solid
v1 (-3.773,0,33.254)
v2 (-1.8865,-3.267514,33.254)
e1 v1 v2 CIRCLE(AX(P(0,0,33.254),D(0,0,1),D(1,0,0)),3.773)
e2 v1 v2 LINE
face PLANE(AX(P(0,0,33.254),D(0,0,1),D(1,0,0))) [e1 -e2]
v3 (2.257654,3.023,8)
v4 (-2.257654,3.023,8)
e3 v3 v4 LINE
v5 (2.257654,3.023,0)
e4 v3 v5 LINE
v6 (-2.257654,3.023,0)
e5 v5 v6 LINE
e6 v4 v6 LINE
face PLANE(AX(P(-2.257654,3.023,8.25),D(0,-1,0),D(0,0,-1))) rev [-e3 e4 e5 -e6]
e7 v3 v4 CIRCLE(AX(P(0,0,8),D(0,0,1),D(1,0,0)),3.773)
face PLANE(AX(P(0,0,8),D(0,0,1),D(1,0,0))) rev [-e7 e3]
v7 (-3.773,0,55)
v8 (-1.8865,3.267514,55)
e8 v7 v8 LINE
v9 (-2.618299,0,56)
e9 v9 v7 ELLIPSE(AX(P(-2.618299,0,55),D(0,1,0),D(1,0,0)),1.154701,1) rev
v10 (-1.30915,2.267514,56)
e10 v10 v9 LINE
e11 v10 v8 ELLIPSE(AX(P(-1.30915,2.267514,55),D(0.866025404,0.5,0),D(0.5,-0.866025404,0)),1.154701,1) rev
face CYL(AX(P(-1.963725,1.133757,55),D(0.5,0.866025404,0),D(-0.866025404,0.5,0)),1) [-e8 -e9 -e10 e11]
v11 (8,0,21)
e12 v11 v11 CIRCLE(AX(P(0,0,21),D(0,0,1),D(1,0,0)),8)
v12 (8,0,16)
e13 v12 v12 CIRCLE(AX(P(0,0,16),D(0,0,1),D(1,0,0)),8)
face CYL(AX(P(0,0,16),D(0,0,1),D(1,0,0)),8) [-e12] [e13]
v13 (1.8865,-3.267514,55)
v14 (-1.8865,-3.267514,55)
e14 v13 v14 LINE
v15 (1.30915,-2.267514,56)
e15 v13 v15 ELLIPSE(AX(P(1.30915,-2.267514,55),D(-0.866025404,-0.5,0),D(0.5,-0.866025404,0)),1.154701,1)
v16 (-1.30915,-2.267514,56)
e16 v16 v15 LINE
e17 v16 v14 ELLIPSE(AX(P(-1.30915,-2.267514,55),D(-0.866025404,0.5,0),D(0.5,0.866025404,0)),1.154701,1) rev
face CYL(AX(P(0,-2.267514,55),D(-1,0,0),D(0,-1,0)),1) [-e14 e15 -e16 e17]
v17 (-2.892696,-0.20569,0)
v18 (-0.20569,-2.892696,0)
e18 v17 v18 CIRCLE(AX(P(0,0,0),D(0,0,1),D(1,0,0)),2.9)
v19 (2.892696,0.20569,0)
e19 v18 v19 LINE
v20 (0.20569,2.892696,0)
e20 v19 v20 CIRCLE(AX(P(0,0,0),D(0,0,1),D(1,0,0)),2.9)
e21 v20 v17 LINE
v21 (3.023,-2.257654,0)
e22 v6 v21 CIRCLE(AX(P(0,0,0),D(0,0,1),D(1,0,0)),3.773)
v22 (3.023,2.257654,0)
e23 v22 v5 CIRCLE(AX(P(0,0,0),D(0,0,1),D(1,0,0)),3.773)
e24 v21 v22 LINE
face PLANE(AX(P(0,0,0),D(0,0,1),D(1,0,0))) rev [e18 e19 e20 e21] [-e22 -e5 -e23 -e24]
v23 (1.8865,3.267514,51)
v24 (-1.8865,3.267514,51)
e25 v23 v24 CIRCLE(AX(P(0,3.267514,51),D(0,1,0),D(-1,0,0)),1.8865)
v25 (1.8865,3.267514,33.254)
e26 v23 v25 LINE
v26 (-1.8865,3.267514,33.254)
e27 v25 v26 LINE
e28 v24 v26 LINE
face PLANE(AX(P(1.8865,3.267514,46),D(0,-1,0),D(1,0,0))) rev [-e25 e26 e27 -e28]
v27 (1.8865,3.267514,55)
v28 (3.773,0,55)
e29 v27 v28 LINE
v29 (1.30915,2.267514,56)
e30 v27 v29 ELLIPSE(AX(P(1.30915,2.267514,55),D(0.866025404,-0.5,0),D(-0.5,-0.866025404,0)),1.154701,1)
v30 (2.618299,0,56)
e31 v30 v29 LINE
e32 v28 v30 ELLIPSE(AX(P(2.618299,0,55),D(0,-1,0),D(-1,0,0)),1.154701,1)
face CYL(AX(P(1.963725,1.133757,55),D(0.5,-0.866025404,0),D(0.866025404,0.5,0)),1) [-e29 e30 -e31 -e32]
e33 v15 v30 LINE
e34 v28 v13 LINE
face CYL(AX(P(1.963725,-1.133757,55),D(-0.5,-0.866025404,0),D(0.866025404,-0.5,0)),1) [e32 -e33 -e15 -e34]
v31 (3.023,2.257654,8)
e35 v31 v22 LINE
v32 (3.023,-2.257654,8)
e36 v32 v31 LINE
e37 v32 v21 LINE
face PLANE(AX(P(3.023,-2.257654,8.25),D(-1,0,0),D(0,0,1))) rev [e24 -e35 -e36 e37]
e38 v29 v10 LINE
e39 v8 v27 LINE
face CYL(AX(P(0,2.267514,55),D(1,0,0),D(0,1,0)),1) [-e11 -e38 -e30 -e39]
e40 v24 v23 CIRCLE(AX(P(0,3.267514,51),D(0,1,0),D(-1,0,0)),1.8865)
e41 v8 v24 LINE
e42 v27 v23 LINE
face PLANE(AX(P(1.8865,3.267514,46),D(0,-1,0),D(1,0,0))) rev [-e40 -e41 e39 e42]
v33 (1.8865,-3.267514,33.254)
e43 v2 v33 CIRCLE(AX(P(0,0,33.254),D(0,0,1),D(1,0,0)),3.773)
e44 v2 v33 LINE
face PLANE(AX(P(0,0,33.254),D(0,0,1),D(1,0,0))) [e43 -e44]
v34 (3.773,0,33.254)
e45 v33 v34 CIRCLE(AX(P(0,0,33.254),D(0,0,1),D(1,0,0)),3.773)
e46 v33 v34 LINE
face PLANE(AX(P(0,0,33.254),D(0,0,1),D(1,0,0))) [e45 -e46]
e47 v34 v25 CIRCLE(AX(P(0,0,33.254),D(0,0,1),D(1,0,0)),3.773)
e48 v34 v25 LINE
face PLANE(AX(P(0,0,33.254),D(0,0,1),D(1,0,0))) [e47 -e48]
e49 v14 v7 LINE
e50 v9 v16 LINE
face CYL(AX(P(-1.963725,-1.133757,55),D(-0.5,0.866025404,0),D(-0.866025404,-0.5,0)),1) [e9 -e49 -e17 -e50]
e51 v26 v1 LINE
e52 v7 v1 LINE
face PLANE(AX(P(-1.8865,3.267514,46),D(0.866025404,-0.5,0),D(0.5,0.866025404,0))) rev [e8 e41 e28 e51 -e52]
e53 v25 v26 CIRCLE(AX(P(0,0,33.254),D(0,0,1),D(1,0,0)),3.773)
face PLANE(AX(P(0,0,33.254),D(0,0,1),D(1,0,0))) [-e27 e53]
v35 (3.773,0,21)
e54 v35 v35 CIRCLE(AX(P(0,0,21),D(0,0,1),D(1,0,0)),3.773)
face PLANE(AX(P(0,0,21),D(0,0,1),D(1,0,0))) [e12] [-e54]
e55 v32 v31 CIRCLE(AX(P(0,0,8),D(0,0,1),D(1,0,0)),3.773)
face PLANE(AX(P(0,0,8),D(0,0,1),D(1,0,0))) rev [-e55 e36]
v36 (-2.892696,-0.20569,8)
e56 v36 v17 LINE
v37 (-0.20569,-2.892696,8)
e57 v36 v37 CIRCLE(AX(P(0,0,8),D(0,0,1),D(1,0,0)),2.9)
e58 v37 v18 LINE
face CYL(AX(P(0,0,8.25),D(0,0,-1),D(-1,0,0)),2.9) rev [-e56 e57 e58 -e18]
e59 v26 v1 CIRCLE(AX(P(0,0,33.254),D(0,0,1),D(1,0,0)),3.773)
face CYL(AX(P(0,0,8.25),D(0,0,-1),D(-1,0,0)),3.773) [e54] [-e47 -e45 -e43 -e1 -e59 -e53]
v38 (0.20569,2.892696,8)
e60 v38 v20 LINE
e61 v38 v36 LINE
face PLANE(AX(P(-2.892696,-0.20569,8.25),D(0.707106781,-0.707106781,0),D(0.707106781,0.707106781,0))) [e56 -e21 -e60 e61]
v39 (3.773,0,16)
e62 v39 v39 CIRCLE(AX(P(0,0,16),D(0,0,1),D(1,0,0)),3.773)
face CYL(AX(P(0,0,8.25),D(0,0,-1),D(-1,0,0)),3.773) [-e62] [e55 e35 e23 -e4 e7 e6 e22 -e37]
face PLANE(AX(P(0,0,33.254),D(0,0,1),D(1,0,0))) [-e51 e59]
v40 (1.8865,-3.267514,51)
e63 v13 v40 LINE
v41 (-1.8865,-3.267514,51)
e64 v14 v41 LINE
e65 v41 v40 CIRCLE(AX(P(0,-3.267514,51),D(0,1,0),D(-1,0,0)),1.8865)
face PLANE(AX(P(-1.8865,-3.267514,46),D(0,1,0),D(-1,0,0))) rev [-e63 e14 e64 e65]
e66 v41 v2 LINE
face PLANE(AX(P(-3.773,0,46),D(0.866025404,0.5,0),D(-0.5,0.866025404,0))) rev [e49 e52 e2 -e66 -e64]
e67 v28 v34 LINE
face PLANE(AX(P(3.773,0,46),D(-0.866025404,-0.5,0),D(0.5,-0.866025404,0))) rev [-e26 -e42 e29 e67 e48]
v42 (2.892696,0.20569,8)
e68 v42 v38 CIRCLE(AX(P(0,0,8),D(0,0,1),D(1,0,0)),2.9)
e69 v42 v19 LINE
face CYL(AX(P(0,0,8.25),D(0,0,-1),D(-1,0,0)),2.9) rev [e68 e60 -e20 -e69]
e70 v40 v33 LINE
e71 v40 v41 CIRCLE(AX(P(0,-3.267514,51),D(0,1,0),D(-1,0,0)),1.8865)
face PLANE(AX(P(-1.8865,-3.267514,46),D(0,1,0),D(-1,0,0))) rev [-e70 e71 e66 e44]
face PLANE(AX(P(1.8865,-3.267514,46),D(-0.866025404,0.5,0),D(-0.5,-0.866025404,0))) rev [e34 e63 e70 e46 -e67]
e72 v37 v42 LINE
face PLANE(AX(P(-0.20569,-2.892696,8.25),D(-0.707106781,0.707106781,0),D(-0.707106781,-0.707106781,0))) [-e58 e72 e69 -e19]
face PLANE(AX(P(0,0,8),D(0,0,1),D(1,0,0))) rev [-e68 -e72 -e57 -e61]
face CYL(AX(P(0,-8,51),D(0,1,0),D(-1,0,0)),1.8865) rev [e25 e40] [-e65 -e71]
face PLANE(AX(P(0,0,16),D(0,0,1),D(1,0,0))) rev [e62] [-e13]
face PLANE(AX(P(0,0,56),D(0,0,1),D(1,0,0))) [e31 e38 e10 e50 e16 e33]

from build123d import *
from build123d.topology import SkipClean

# Parameters (mm, degrees)
BOSS_EXTRUDE1_DEPTH = 8.25
BOSS_EXTRUDE2_DEPTH = 7.75
BOSS_EXTRUDE3_START = -8
SKETCH3_R           = 3.773
BOSS_EXTRUDE3_DEPTH = 8
BOSS_EXTRUDE4_DEPTH = 30
SKETCH6_R           = 3.773
BOSS_EXTRUDE5_DEPTH = 10
SKETCH7_R           = 3.773
BOSS_EXTRUDE6_DEPTH = 7.254
BOSS_EXTRUDE7_DEPTH = 10
SKETCH9_R           = 8
BOSS_EXTRUDE8_DEPTH = 5
SKETCH10_R          = 1.8865
CUT_EXTRUDE1_DEPTH  = 58.679779
FILLET1_R           = 1


with BuildPart() as part:
    # Sketch1 → Boss-Extrude1 (new body)
    with BuildSketch(Plane.XY):
        with BuildLine():
            Line((-2.257654, 3.023), (2.257654, 3.023))
            ThreePointArc((2.257654, 3.023), (2.667914, 2.667914), (3.023, 2.257654))
            Line((3.023, 2.257654), (3.023, -2.257654))
            ThreePointArc((3.023, -2.257654), (-2.667914, -2.667914), (-2.257654, 3.023))
        make_face()
        with BuildLine():
            Line((-2.892696, -0.20569), (0.20569, 2.892696))
            ThreePointArc((0.20569, 2.892696), (2.05061, 2.05061), (2.892696, 0.20569))
            Line((2.892696, 0.20569), (-0.20569, -2.892696))
            ThreePointArc((-0.20569, -2.892696), (-2.05061, -2.05061), (-2.892696, -0.20569))
        make_face(mode=Mode.SUBTRACT)
    extrude(amount=BOSS_EXTRUDE1_DEPTH)

    # Sketch2 → Boss-Extrude2 (add)
    with SkipClean():  # the faces are left unmerged after this step: merging them gives an invalid solid
        with BuildSketch(Plane.XY.offset(8.25)):
            with BuildLine():
                Line((2.257654, 3.023), (-2.257654, 3.023))
                ThreePointArc((-2.257654, 3.023), (-2.667914, -2.667914), (3.023, -2.257654))
                Line((3.023, -2.257654), (3.023, 2.257654))
                ThreePointArc((3.023, 2.257654), (2.667914, 2.667914), (2.257654, 3.023))
            make_face()
        extrude(amount=BOSS_EXTRUDE2_DEPTH)

    # Sketch3 → Boss-Extrude3 (add)
    with BuildSketch(Plane.XY.offset(16).offset(BOSS_EXTRUDE3_START)):
        with Locations(Location((0, 0, 0), (0, 0, 126.753315))):
            Circle(SKETCH3_R)
    extrude(amount=BOSS_EXTRUDE3_DEPTH)

    # Sketch5 → Boss-Extrude4 (add)
    with BuildSketch(Plane.XY.offset(16)):
        Polygon((1.8865, 3.267514), (-1.8865, 3.267514), (-3.773, 0), (-1.8865, -3.267514), (1.8865, -3.267514), (3.773, 0), align=None)
    extrude(amount=BOSS_EXTRUDE4_DEPTH)

    # Sketch6 → Boss-Extrude5 (add)
    with BuildSketch(Plane.XY.offset(16)):
        with Locations(Location((0, 0, 0), (0, 0, 180))):
            Circle(SKETCH6_R)
    extrude(amount=BOSS_EXTRUDE5_DEPTH)

    # Sketch7 → Boss-Extrude6 (add)
    with BuildSketch(Plane.XY.offset(26)):
        with Locations(Location((0, 0, 0), (0, 0, 180))):
            Circle(SKETCH7_R)
    extrude(amount=BOSS_EXTRUDE6_DEPTH)

    # Sketch8 → Boss-Extrude7 (add)
    with BuildSketch(Plane.XY.offset(46)):
        Polygon((3.773, 0), (1.8865, 3.267514), (-1.8865, 3.267514), (-3.773, 0), (-1.8865, -3.267514), (1.8865, -3.267514), align=None)
    extrude(amount=BOSS_EXTRUDE7_DEPTH)

    # Sketch9 → Boss-Extrude8 (add)
    with BuildSketch(Plane.XY.offset(21)):
        Circle(SKETCH9_R)
    extrude(amount=-BOSS_EXTRUDE8_DEPTH)

    # Sketch10 → Cut-Extrude1 (cut, through all)
    with BuildSketch(Plane(origin=(0, 3.267514, 0), x_dir=(1, 0, 0), z_dir=(0, 1, 0))):
        with Locations(Location((0, -51, 0), (0, 0, 180))):
            Circle(SKETCH10_R)
    extrude(amount=-CUT_EXTRUDE1_DEPTH, mode=Mode.SUBTRACT)

    # Fillet1
    fillet1_edges = [part.edges().sort_by_distance(p)[0] for p in [
        (2.82975, -1.633757, 56),
        (2.82975, 1.633757, 56),
        (0, 3.267514, 56),
        (-2.82975, 1.633757, 56),
        (-2.82975, -1.633757, 56),
        (0, -3.267514, 56),
    ]]
    fillet(fillet1_edges, radius=FILLET1_R)


solid = part.part
